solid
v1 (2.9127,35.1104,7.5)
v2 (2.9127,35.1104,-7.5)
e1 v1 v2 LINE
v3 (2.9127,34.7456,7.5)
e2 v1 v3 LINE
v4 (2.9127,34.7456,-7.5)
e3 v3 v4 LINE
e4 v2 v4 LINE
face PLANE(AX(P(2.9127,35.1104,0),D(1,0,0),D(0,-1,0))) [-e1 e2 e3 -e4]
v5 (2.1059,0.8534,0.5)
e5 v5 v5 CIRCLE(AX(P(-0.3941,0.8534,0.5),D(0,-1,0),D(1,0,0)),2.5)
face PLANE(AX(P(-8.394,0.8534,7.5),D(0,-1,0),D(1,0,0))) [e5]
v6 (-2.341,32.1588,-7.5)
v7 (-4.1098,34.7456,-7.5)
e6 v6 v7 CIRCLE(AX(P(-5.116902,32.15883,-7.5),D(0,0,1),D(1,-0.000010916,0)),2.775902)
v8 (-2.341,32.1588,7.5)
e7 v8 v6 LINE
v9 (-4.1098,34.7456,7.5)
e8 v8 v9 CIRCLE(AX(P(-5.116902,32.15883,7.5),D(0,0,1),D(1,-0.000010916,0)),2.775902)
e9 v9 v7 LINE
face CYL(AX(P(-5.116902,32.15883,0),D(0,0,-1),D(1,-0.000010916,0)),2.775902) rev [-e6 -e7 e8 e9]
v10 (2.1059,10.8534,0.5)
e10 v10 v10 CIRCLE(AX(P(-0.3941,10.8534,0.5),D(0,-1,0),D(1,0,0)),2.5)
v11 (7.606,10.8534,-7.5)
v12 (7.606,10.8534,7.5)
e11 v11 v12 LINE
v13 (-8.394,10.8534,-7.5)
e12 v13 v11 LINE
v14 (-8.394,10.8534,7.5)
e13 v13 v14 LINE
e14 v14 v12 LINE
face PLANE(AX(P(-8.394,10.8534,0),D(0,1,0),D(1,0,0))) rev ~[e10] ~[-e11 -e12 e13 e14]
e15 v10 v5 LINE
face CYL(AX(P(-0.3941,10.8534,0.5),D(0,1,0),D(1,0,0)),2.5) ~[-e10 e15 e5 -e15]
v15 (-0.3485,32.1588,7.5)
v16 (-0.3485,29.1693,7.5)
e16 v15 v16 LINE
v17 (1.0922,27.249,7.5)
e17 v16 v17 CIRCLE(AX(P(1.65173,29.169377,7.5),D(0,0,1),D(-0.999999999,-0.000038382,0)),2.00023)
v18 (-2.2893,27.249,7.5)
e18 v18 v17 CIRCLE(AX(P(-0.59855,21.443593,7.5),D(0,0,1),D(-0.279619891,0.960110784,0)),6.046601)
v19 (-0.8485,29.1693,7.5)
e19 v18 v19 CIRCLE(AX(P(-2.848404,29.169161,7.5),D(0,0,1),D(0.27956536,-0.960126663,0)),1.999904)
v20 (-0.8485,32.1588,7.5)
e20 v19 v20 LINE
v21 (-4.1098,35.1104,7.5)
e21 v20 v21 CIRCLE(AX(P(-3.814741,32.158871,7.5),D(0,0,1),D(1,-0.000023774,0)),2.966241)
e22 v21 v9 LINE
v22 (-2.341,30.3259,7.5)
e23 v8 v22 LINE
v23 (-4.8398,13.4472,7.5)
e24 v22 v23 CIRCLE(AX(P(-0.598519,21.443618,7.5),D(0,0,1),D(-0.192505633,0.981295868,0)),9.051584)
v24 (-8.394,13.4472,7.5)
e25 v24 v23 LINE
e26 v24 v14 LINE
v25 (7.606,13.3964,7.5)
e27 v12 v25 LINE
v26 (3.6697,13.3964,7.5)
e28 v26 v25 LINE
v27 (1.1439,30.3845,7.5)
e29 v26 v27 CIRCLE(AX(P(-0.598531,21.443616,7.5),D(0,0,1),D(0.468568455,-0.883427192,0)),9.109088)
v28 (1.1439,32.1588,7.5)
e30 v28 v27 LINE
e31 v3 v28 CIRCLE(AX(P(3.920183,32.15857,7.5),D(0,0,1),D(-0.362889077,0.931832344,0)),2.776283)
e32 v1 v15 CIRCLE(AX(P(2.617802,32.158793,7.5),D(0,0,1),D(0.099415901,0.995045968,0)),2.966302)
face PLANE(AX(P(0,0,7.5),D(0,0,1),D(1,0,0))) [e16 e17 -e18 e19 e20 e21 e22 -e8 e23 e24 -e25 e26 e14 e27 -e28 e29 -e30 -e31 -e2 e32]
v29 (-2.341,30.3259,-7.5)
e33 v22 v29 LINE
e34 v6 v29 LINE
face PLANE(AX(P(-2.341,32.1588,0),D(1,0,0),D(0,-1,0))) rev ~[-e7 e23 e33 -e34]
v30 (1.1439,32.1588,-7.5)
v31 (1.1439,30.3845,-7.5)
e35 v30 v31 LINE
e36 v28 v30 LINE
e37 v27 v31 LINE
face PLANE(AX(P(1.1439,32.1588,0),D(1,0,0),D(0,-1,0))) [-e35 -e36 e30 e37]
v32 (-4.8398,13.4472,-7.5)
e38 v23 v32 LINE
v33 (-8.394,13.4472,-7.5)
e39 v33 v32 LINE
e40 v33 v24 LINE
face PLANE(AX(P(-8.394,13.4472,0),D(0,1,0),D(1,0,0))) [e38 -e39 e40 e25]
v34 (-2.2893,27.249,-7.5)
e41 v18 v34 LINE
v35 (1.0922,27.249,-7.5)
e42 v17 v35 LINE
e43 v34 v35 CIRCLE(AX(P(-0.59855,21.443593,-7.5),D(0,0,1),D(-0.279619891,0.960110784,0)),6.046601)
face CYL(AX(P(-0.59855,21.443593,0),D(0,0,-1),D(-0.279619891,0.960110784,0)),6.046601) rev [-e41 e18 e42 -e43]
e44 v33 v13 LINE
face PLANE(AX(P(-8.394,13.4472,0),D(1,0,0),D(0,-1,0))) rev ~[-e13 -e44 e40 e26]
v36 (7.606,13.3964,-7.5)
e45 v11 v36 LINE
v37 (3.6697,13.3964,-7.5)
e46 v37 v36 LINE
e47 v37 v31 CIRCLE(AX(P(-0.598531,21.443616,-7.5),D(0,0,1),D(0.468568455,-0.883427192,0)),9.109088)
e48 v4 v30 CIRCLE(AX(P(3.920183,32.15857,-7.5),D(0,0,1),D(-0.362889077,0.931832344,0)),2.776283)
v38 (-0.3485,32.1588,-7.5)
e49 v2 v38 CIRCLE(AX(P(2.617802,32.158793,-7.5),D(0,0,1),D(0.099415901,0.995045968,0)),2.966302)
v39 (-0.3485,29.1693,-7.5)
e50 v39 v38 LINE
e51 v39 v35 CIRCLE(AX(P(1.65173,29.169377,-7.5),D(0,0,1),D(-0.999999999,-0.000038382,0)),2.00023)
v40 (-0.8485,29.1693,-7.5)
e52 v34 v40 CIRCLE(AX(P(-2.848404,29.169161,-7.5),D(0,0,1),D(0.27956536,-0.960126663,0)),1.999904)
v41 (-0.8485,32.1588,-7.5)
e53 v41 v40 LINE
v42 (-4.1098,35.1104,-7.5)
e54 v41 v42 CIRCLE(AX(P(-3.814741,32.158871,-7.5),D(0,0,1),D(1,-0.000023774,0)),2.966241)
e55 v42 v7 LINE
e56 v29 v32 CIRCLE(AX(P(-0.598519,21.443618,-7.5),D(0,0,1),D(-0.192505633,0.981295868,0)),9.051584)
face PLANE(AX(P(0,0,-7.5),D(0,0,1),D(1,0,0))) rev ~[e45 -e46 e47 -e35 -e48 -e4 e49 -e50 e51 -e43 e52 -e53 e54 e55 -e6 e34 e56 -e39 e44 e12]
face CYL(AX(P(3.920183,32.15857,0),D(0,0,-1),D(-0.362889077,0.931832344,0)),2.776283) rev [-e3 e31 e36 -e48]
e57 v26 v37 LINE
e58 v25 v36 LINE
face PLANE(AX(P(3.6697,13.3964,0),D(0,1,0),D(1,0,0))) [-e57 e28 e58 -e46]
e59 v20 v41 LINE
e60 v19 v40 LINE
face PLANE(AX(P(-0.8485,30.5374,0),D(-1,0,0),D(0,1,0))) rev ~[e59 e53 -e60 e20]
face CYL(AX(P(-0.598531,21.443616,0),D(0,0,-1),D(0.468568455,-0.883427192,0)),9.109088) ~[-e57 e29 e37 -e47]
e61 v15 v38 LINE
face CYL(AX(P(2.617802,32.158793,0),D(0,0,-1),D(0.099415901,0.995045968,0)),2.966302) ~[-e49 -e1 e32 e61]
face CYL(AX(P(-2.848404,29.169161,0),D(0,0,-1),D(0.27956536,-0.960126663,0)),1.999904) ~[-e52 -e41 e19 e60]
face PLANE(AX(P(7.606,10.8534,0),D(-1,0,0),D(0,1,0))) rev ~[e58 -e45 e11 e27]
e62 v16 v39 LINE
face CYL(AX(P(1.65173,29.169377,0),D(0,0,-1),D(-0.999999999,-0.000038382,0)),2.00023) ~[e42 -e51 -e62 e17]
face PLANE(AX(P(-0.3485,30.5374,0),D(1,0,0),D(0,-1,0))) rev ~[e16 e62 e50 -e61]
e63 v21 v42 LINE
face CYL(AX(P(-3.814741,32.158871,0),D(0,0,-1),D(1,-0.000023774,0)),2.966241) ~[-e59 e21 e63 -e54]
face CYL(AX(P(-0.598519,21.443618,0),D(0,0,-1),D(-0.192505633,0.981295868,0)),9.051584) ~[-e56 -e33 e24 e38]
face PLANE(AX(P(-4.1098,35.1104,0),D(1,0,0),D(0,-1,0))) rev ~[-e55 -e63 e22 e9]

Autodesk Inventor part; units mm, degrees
ref_plane "YZ Plane" through (0, 0, 0) normal (1, 0, 0) x (0, 1, 0)
ref_plane "XZ Plane" through (0, 0, 0) normal (0, 1, 0) x (-1, 0, 0)
ref_plane "XY Plane" through (0, 0, 0) normal (0, 0, 1) x (1, 0, 0)
sketch "Sketch1" plane through (0, 0, 0) normal (0, 0, 1) x (1, 0, 0)
  line L0 (-8.394, 13.4472) -> (-4.8398, 13.4472)
  line L1 (3.6697, 13.3964) -> (7.606, 13.3964)
  line L2 (-8.394, 13.4472) -> (-8.394, 10.8534)
  line L3 (-8.394, 10.8534) -> (7.606, 10.8534)
  line L4 (7.606, 10.8534) -> (7.606, 13.3964)
  arc A0 (-2.2893, 27.249) -> (1.0922, 27.249) centre (-0.5985, 21.4436) ccw
  line L5 (-2.341, 32.1588) -> (-2.341, 30.3259)
  arc A1 (-2.341, 32.1588) -> (-4.1098, 34.7456) centre (-5.117, 32.1588) ccw
  line L6 (-0.8485, 30.5374) -> (-0.8485, 32.1588)
  arc A2 (-0.8485, 32.1588) -> (-4.1098, 35.1104) centre (-3.8149, 32.1588) ccw
  line L7 (-4.1098, 35.1104) -> (-4.1098, 34.7456)
  arc A3 (3.6697, 13.3964) -> (1.1439, 30.3845) centre (-0.5985, 21.4436) ccw
  arc A4 (-2.341, 30.3259) -> (-4.8398, 13.4472) centre (-0.5985, 21.4436) ccw
  line L8 (-0.8485, 30.5374) -> (-0.8485, 29.1693)
  line L9 (-0.5985, 28.8881) -> (-0.5985, 21.4436) construction
  line L10 (1.1439, 32.1588) -> (1.1439, 30.3259)
  arc A5 (2.9127, 34.7456) -> (1.1439, 32.1588) centre (3.92, 32.1588) ccw
  line L11 (-0.3485, 30.5374) -> (-0.3485, 32.1588)
  arc A6 (2.9127, 35.1104) -> (-0.3485, 32.1588) centre (2.6178, 32.1588) ccw
  line L12 (2.9127, 35.1104) -> (2.9127, 34.7456)
  line L13 (-0.3485, 30.5374) -> (-0.3485, 29.1693)
  arc A7 (-2.2893, 27.249) -> (-0.8485, 29.1693) centre (-2.8485, 29.1693) ccw
  arc A8 (-0.3485, 29.1693) -> (1.0922, 27.249) centre (1.6515, 29.1693) ccw
  point P0 (-0.5985, 12.3345)
  dimension "d0" = 16
  dimension "d12" = 0.5
  dimension "d13" = 2
extrude "Extrusion1" add sketch "Sketch1" along normal mid plane 15
sketch "Sketch3" plane through (-8.394, 10.8534, 7.5) normal (0, -1, 0) x (1, 0, 0)
  line L0 (0, -15) -> (15.9999, -15) projected
  line L1 (15.9999, 0) -> (15.9999, -15) projected
  circle A0 centre (7.9999, -7) radius 2.5
  dimension "d14" = 5
  dimension "d15" = 8
  dimension "d16" = 8
extrude "Extrusion3" add sketch "Sketch3" along normal blind 10
properties part number "clip"
